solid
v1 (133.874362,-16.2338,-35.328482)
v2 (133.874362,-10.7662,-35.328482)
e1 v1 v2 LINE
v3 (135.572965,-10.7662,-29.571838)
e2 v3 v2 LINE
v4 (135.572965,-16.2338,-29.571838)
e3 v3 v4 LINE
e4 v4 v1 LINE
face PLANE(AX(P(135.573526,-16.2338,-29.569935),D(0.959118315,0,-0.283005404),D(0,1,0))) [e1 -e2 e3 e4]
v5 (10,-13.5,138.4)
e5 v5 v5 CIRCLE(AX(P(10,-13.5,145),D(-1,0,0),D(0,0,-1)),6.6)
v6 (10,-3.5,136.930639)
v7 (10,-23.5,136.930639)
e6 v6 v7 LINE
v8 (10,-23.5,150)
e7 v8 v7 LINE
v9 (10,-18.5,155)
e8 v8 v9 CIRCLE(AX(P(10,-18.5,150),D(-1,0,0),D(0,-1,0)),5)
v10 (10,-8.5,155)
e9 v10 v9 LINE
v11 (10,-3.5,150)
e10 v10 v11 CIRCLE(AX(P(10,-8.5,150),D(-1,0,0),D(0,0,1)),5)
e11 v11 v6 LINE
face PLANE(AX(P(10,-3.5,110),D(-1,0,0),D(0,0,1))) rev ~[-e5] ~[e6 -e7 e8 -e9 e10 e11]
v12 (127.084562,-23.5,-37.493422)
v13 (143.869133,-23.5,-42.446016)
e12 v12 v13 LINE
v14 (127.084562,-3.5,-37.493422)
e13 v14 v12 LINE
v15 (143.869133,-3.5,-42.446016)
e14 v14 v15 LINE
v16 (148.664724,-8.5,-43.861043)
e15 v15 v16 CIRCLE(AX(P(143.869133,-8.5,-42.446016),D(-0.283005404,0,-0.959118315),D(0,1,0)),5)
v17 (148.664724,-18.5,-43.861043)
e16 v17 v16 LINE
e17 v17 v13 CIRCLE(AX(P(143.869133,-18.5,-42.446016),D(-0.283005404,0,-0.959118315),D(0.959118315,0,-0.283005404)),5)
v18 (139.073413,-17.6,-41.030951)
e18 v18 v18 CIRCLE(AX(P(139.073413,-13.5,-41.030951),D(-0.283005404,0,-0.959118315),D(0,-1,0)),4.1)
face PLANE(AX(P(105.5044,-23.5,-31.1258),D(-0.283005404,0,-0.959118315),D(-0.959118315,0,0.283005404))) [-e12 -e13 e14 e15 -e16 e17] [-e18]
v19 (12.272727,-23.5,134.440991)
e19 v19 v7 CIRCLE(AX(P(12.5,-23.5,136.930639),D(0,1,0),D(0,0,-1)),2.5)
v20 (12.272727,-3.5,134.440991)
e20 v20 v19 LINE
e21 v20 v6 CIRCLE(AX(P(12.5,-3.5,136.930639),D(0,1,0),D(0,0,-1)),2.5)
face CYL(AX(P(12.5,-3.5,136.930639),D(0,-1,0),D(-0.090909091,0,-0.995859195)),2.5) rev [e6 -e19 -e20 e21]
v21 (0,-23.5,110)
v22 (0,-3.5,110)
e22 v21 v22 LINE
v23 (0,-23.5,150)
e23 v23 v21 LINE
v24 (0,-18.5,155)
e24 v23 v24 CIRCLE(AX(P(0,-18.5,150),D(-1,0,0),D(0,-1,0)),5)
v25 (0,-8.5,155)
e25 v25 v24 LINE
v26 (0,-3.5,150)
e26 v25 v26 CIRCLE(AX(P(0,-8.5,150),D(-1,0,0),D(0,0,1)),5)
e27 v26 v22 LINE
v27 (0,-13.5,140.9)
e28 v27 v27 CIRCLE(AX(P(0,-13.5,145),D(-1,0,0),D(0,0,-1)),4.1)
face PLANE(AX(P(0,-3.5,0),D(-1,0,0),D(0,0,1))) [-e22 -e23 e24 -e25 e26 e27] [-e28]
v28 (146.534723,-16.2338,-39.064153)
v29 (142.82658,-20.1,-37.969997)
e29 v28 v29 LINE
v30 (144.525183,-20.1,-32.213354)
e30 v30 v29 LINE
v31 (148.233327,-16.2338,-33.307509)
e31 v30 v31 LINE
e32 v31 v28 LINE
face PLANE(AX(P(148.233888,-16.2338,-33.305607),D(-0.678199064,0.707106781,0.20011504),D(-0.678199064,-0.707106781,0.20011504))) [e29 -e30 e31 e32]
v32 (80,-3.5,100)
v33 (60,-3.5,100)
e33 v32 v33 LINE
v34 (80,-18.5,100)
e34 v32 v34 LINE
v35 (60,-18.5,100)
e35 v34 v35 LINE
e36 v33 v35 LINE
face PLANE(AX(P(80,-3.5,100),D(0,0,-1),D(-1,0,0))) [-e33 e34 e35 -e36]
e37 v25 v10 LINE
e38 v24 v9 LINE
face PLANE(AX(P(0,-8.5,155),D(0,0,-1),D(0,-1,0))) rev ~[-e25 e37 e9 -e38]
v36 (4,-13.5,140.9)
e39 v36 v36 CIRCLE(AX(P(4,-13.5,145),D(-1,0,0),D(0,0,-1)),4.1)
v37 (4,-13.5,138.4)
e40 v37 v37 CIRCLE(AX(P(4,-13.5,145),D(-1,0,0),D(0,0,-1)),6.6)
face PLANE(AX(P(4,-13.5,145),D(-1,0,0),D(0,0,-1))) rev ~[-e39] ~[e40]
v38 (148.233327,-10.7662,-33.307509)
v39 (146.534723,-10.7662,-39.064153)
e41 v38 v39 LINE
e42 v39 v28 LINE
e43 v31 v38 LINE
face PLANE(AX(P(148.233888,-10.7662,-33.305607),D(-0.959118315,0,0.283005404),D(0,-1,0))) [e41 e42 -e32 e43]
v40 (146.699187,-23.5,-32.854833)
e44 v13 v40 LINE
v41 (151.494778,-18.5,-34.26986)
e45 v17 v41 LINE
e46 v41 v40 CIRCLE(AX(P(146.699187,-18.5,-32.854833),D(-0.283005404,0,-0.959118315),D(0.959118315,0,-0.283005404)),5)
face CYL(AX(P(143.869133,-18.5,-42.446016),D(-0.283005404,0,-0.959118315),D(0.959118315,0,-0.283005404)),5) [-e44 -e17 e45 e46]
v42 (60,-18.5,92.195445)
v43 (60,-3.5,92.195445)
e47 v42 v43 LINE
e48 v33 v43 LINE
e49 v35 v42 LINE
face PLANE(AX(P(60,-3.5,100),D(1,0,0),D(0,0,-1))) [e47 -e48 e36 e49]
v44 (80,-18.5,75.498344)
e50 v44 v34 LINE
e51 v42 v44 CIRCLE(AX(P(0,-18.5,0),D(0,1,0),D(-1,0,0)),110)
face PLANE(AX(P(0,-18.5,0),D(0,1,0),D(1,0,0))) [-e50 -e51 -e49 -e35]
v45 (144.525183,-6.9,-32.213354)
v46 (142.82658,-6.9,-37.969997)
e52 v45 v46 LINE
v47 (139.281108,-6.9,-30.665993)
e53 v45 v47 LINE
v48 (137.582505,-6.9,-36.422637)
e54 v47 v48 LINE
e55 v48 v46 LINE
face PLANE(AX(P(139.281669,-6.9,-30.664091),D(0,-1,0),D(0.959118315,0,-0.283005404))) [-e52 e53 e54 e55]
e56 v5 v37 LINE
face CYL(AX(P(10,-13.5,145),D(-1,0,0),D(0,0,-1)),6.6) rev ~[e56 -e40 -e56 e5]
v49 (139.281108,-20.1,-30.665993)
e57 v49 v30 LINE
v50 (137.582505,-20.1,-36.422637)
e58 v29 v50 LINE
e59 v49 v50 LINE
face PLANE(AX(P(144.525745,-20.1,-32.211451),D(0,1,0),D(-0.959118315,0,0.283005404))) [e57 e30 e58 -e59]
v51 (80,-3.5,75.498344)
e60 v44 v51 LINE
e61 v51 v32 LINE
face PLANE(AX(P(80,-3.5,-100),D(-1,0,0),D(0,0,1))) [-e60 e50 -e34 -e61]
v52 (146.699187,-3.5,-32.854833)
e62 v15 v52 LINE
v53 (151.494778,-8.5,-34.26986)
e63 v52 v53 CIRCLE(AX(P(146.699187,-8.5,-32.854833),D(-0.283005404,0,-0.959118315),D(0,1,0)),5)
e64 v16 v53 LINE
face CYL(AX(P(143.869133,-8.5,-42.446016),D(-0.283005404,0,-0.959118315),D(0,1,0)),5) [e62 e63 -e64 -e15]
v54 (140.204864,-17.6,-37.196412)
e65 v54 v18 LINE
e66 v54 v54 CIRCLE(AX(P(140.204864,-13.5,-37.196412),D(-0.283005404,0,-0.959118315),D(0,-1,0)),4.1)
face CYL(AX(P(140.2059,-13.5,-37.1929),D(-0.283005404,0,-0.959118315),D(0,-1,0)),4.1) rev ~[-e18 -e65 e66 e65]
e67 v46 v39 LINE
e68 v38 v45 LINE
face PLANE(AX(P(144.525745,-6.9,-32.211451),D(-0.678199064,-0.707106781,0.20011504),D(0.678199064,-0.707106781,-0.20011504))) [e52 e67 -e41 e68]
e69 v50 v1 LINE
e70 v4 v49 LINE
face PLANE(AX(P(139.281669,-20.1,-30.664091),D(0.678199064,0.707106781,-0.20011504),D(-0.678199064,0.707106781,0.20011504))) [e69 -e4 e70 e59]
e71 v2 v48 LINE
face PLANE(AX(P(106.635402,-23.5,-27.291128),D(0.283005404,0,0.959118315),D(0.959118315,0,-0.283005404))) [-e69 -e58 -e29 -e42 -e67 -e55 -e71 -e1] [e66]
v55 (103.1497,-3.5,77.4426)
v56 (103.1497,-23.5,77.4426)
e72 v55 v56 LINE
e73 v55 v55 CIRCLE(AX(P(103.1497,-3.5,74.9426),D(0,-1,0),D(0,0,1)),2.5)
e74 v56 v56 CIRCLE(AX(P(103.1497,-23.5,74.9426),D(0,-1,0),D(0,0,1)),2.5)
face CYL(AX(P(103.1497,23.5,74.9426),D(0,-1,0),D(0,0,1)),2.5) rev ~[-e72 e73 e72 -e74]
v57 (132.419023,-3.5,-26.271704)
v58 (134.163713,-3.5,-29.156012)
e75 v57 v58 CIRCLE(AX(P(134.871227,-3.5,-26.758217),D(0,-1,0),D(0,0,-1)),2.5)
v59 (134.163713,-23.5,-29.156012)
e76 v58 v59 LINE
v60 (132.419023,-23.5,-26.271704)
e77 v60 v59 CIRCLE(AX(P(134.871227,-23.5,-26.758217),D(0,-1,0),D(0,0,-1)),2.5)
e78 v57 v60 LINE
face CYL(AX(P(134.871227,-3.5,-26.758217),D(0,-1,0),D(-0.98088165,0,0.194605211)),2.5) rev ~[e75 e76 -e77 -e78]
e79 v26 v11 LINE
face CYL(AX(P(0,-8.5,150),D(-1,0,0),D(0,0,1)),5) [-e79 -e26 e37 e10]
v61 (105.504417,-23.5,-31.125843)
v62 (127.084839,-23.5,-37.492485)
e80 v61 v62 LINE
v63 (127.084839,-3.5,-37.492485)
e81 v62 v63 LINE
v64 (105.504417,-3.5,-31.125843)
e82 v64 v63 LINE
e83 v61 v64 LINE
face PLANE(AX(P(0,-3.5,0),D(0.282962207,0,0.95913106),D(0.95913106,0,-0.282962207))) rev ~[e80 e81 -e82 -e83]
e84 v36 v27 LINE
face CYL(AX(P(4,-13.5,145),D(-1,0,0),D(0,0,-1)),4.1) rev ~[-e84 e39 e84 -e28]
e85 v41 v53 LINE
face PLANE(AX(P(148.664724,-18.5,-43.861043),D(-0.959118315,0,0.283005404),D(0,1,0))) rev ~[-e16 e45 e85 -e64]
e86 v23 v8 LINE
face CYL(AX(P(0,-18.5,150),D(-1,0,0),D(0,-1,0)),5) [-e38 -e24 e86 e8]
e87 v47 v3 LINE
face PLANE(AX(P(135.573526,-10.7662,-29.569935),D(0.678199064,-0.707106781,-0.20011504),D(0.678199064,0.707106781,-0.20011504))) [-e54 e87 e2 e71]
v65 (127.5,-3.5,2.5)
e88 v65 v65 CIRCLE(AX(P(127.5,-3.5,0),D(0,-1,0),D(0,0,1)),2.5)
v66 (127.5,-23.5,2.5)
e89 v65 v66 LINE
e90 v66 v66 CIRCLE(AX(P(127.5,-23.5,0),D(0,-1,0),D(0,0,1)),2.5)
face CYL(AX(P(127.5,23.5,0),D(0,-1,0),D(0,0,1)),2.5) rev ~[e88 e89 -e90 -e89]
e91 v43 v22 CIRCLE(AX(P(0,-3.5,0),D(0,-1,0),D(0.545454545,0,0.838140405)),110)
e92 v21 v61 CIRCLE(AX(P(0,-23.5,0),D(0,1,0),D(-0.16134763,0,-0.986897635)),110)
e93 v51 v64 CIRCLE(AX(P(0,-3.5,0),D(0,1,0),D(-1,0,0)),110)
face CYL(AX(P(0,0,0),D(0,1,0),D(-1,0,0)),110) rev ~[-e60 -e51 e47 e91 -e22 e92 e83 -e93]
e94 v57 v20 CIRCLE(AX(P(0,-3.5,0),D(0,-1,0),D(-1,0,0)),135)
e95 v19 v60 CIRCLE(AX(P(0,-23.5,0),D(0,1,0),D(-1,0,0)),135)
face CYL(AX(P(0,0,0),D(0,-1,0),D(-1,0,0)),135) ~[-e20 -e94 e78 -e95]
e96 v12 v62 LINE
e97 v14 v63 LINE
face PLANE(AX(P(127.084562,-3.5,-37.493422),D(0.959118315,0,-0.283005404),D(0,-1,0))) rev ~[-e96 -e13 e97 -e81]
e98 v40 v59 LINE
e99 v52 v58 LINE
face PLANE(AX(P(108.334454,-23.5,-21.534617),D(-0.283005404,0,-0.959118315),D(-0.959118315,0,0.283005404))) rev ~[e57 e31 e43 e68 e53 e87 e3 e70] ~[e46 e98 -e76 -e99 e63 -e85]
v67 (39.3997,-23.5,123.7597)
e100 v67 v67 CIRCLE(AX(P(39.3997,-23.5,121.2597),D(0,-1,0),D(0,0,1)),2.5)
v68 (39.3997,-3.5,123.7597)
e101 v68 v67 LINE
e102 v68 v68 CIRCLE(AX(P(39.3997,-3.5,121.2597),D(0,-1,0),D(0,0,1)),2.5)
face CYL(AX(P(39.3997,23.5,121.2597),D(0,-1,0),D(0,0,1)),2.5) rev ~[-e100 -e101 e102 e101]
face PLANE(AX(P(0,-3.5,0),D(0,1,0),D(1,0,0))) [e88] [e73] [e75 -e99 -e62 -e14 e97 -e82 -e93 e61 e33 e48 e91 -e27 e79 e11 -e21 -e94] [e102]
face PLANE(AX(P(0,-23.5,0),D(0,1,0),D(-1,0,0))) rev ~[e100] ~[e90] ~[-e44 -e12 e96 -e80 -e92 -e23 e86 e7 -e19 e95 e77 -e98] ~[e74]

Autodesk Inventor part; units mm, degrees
ref_plane "YZ Plane" through (0, 0, 0) normal (1, 0, 0) x (0, 1, 0)
ref_plane "XZ Plane" through (0, 0, 0) normal (0, 1, 0) x (-1, 0, 0)
ref_plane "XY Plane" through (0, 0, 0) normal (0, 0, 1) x (1, 0, 0)
sketch "Sketch1" plane through (0, 0, 0) normal (0, 1, 0) x (-1, 0, 0)
  circle A0 centre (0, 0) radius 135
  circle A1 centre (0, 0) radius 110
  dimension "d0" = 270
  dimension "d1" = 220
extrude "Extrusion1" add sketch "Sketch1" along normal mid plane 47
sketch "Sketch2" plane through (0, 0, 0) normal (0, 0, 1) x (1, 0, 0)
  circle A0 centre (0, -20.5) radius 18
  line L0 (-135, -23.5) -> (135, -23.5) projected
  dimension "d4" = 36
  dimension "d38" = 3
extrude "Extrusion2" cut sketch "Sketch2" against normal through all
sketch "Sketch3" plane through (0, 23.5, 0) normal (0, 1, 0) x (1, 0, 0)
  circle A0 centre (0, 0) radius 127.5
  circle A1 centre (-127.5, 0) radius 2
  circle A2 centre (-103.1497, -74.9426) radius 2
  circle A3 centre (-39.3997, -121.2597) radius 2
  circle A4 centre (39.3997, -121.2597) radius 2
  circle A5 centre (103.1497, -74.9426) radius 2
  circle A6 centre (127.5, 0) radius 2
  circle A7 centre (103.1497, 74.9426) radius 2
  circle A8 centre (39.3997, 121.2597) radius 2
  circle A9 centre (-39.3997, 121.2597) radius 2
  circle A10 centre (-103.1497, 74.9426) radius 2
  dimension "d7" = 255
  dimension "d8" = 4
  dimension "d11" = 360
hole "Hole1" at (39.3997, 23.5, 121.2597) at (-39.3997, 23.5, 121.2597) at (-103.1497, 23.5, 74.9426) at (-127.5, 23.5, 0) at (-103.1497, 23.5, -74.9426) at (-39.3997, 23.5, -121.2597) at (39.3997, 23.5, -121.2597) at (103.1497, 23.5, -74.9426) at (127.5, 23.5, 0) at (103.1497, 23.5, 74.9426) direction (0, -1, 0) diameter 5 end through all
sketch "Sketch4" plane through (0, 23.5, 0) normal (0, 1, 0) x (1, 0, 0)
  circle A0 centre (0, 0) radius 140
extrude "Extrusion3" cut sketch "Sketch4" against normal blind 27
sketch "Sketch7" plane through (0, -3.5, 0) normal (0, 1, 0) x (1, 0, 0)
  line L0 (0, 0) -> (70, 0)
  line L1 (80, -100) -> (60, -100)
  line L2 (60, -100) -> (60, 100)
  line L3 (60, 100) -> (80, 100)
  line L4 (80, 100) -> (80, -100)
  line L5 (80, -100) -> (60, 100) construction
  line L6 (60, -100) -> (80, 100) construction
  dimension "d39" = 70
  dimension "d40" = 20
  dimension "d41" = 200
extrude "Extrusion7" cut sketch "Sketch7" against normal blind 15
sketch "Sketch8" plane through (0, -3.5, 0) normal (0, 1, 0) x (1, 0, 0)
  line L0 (-129.4827, -38.1999) -> (129.4827, 38.1999)
  line L1 (0, 134.8703) -> (0, -135)
  arc A0 (-5.9161, 134.8703) -> (5.9161, 134.8703) centre (0, 0) ccw projected
  arc A1 (5.9161, 134.8703) -> (-5.9161, 134.8703) centre (0, 0) ccw
  point P0 (5.9161, 134.8703)
  point P1 (0, 0)
extrude "Extrusion8" cut sketch "Sketch8" against normal through all contours A0 A1 L0 | L0 L1 A0 picked at (-84.5453, -30.4063)
sketch "Sketch9" plane through (0, -3.5, 110) normal (-1, 0, 0) x (0, 0, 1)
  line L0 (-148.1999, 0) -> (25, 0) projected
  line L1 (22.5, 0) -> (40, 0)
  line L2 (45, -5) -> (45, -15)
  line L3 (40, -20) -> (22.5, -20)
  line L4 (22.5, -20) -> (22.5, 0)
  line L5 (25, 0) -> (25, -20) projected
  arc A0 (45, -5) -> (40, 0) centre (40, -5) ccw
  arc A1 (40, -20) -> (45, -15) centre (40, -15) ccw
  point P0 (-110, 3.5)
  point P1 (45, -20)
  point P2 (45, 0)
  point P3 (25, 0)
  dimension "d46" = 22.5
  dimension "d47" = 20
  dimension "d48" = 20
  dimension "d49" = 5
extrude "Extrusion9" add sketch "Sketch9" against normal blind 10
sketch "Sketch10" plane through (105.5044, -23.5, -31.1258) normal (-0.283, 0, -0.9591) x (-0.9591, 0, 0.283)
  line L0 (0, 0) -> (-25, 0) projected
  line L1 (-22.5, 0) -> (-40, 0)
  line L2 (-45, 5) -> (-45, 15)
  line L3 (-40, 20) -> (-22.5, 20)
  line L4 (-22.5, 20) -> (-22.5, 0)
  line L5 (-25, 0) -> (-25, 20) projected
  arc A0 (-40, 20) -> (-45, 15) centre (-40, 15) ccw
  arc A1 (-45, 5) -> (-40, 0) centre (-40, 5) ccw
  point P0 (110, 23.5)
  point P1 (-45, 20)
  point P2 (-45, 0)
  point P3 (-25, 0)
  dimension "d52" = 22.5
  dimension "d53" = 20
  dimension "d54" = 20
  dimension "d55" = 5
extrude "Extrusion10" add sketch "Sketch10" against normal blind 10
fillet "Fillet1" radius 2.5 2 edges at (131.9566, -13.5, -28.5036) (10, -13.5, 134.6291)
sketch "Sketch11" plane through (10, -3.5, 110) normal (1, 0, 0) x (0, 0, -1)
  line L0 (-45, -5) -> (-45, -15) projected
  line L1 (-40, -20) -> (-26.9306, -20) projected
  point P0 (110, 3.5)
  point P1 (-35, -10)
  dimension "d59" = 10
  dimension "d60" = 10
hole "Hole2" at (10, -13.5, 145) direction (-1, 0, 0) diameter 8.2 end through all counterbore diameter 13.2 counterbore depth 6
sketch "Sketch12" plane through (108.334, -23.5, -21.5345) normal (0.283, 0, 0.9591) x (0.9591, 0, -0.283)
  line L0 (41.6, 7.2662) -> (37.7338, 3.4)
  line L1 (37.7338, 3.4) -> (32.2662, 3.4)
  line L2 (32.2662, 3.4) -> (28.4, 7.2662)
  line L3 (28.4, 7.2662) -> (28.4, 12.7338)
  line L4 (28.4, 12.7338) -> (32.2662, 16.6)
  line L5 (32.2662, 16.6) -> (37.7338, 16.6)
  line L6 (37.7338, 16.6) -> (41.6, 12.7338)
  line L7 (41.6, 12.7338) -> (41.6, 7.2662)
  line L8 (45, 5) -> (45, 15) projected
  line L9 (26.9306, 0) -> (40, 0) projected
  point P0 (-110, 23.5)
  point P1 (35, 10)
  dimension "d68" = 10
  dimension "d69" = 10
  dimension "d70" = 13.2
extrude "Extrusion11" cut sketch "Sketch12" against normal blind 6
sketch "Sketch13" plane through (106.6363, -23.5, -27.2893) normal (0.283, 0, 0.9591) x (0.9591, 0, -0.283)
  line L0 (26.9306, 0) -> (40, 0) projected
  line L1 (45, 5) -> (45, 15) projected
  point P0 (-110, 23.5)
  point P1 (35, 10)
  dimension "d73" = 10
  dimension "d74" = 10
hole "Hole3" at (140.2059, -13.5, -37.1929) direction (-0.283, 0, -0.9591) diameter 8.2 end through all
properties part number "Cylinder Spacer Bottom_Q3"
